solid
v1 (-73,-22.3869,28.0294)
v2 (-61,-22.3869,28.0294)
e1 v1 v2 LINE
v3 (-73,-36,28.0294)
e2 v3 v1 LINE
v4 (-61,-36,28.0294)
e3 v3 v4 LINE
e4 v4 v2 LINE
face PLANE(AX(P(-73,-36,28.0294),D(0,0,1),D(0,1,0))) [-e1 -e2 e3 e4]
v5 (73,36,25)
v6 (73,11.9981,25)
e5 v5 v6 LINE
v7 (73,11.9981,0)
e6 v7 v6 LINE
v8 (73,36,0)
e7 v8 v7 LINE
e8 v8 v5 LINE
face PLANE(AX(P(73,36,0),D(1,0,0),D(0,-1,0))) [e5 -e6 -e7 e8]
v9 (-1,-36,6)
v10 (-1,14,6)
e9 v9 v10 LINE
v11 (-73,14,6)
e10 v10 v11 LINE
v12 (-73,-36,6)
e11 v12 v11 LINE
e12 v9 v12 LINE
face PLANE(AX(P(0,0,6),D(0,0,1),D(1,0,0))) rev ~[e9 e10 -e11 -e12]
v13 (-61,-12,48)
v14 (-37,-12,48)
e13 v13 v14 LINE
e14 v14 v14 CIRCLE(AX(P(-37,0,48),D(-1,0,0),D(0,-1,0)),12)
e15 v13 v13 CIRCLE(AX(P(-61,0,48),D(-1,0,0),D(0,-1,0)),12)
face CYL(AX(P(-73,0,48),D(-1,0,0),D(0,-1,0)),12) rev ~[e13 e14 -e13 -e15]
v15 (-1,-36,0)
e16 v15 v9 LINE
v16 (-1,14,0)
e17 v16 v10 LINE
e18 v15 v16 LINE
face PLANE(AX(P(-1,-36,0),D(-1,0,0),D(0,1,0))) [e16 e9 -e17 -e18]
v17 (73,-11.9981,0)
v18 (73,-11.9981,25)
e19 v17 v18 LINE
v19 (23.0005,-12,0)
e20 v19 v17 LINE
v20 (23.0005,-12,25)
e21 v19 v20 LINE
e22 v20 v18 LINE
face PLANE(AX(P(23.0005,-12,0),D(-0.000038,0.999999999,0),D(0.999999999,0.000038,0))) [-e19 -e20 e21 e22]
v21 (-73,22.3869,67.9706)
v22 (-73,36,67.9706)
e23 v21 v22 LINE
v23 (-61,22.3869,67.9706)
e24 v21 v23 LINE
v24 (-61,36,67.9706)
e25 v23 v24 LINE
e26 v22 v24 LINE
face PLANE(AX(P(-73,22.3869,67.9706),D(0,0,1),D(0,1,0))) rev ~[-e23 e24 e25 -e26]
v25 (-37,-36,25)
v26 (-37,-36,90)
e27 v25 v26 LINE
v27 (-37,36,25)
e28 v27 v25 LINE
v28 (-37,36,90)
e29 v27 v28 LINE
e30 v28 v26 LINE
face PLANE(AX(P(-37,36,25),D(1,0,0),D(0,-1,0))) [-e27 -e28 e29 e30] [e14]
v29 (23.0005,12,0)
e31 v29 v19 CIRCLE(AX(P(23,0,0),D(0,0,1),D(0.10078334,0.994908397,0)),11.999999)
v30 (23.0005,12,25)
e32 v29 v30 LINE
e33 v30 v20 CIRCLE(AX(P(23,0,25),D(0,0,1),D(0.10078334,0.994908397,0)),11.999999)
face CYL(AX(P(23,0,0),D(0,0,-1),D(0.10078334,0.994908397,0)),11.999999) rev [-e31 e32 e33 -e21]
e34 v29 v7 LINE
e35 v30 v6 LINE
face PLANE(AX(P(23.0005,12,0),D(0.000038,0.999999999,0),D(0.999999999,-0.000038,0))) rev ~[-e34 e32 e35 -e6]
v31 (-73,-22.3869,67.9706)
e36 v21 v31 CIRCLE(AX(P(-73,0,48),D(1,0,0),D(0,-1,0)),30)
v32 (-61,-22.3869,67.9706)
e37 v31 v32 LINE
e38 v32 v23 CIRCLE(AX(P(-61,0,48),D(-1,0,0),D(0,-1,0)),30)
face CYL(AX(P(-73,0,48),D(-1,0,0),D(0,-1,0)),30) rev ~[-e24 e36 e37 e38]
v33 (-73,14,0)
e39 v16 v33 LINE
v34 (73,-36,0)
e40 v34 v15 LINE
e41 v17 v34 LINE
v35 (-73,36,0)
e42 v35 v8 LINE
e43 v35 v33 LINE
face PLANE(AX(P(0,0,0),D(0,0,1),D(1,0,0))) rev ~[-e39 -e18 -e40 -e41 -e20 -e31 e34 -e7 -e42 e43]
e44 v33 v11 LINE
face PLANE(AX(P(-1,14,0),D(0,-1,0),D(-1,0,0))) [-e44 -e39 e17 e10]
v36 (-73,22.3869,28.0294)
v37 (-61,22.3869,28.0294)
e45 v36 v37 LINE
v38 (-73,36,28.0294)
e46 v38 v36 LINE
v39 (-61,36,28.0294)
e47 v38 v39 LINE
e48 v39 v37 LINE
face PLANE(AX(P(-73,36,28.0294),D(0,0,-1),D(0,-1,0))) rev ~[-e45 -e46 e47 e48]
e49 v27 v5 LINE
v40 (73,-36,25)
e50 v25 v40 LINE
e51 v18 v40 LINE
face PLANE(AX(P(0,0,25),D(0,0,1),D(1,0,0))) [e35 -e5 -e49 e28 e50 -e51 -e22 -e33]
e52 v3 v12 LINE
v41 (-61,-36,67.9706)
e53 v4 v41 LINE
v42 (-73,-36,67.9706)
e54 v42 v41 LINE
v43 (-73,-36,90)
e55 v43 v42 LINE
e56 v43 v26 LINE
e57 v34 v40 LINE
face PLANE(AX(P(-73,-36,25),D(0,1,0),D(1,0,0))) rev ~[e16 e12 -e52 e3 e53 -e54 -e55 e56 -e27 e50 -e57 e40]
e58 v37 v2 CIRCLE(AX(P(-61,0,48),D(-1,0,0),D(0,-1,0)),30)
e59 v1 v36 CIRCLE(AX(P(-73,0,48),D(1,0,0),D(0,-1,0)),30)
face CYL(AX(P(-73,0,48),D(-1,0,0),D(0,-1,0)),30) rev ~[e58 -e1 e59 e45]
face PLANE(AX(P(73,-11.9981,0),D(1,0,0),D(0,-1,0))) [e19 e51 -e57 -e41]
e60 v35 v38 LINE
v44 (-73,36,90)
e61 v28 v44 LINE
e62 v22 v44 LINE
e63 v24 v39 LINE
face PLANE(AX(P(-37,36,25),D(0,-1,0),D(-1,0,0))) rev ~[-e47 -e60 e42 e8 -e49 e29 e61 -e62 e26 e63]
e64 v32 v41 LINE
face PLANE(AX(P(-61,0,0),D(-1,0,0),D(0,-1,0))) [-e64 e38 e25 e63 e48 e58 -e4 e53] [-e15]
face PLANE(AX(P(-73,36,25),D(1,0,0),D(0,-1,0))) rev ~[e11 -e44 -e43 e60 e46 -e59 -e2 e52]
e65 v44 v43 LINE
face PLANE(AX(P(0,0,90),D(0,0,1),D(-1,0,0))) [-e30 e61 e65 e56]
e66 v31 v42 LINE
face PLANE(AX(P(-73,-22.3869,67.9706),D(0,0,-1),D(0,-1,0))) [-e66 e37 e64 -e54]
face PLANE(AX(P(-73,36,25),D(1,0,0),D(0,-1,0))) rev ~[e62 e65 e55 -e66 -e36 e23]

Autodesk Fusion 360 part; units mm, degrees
sketch "Sketch1" plane through (0, 0, 0) normal (0, 0, 1) x (1, 0, 0) in component "New Design"
  line L0 (-73, 36) -> (73, 36)
  line L1 (73, 36) -> (73, -36)
  line L2 (73, -36) -> (-73, -36)
  line L3 (-73, -36) -> (-73, 36)
  line L4 (-73, 36) -> (73, -36) construction
  line L5 (73, 36) -> (-73, -36) construction
  line L6 (-73, -36) -> (-1, -36)
  line L7 (-1, -36) -> (-1, 14)
  line L8 (-1, 14) -> (-73, 14)
  line L9 (-73, 14) -> (-73, -36)
  line L10 (23.0005, 12) -> (73, 11.9981)
  line L11 (23.0005, -12) -> (73, -11.9981)
  arc A0 (24.2094, 11.9389) -> (24.2094, -11.9389) centre (23, 0) ccw
  dimension "d1" = 146
  dimension "d2" = 72
  dimension "d3" = 72
  dimension "d4" = 50
  dimension "d5" = 24
  dimension "d6" = 50
extrude "Extrude1" add sketch "Sketch1" along normal blind 25 contours L0 L1 L2 L3 L7 L8 L10 L11 A0 | L2 L3 L6 L7 L8 L9 in component "New Design"
extrude "Extrude2" cut sketch "Sketch1" along normal blind 6 contours L2 L3 L6 L7 L8 L9 in component "New Design"
sketch "Sketch2" plane through (0, 0, 25) normal (0, 0, 1) x (-1, 0, 0) in component "New Design"
  arc A0 (-23.0005, -12) -> (-23.0005, 12) centre (-23, 0) ccw
  line L0 (-23.0005, -12) -> (-73, -11.9981)
  line L1 (-73, -11.9981) -> (-73, -36)
  line L2 (-73, -36) -> (73, -36)
  line L3 (73, -36) -> (73, 36)
  line L4 (73, 36) -> (-73, 36)
  line L5 (-73, 36) -> (-73, 11.9981)
  line L6 (-73, 11.9981) -> (-23.0005, 12)
  line L7 (73, -36) -> (37, -36)
  line L8 (37, -36) -> (37, 36)
  line L9 (37, 36) -> (73, 36)
  line L10 (73, 36) -> (73, -36)
  dimension "d11" = 36
extrude "Extrude3" add sketch "Sketch2" along normal blind 65 contours L2 L3 L4 L7 L8 L9 L10 in component "New Design"
sketch "Sketch3" plane through (-73, 0, 0) normal (-1, 0, 0) x (0, -1, 0) in component "New Design"
  line L0 (-14, 0) -> (-14, 6)
  line L1 (-14, 6) -> (36, 6)
  line L2 (36, 6) -> (36, 90)
  line L3 (36, 90) -> (-36, 90)
  line L4 (-36, 90) -> (-36, 0)
  line L5 (-36, 0) -> (-14, 0)
sketch "Sketch4" plane through (-73, 0, 45) normal (-1, 0, 0) x (0, -1, 0) in component "New Design"
  circle A0 centre (0, 3) radius 12
  circle A1 centre (0, 3) radius 30
  line L0 (-36, 45) -> (36, 45)
  line L1 (36, 45) -> (36, 21)
  line L2 (36, 21) -> (-36, 21)
  line L3 (-36, 21) -> (-36, 45)
  line L4 (36, -39) -> (-36, -39)
  line L5 (-36, -39) -> (-36, -15)
  line L6 (-36, -15) -> (36, -15)
  line L7 (36, -15) -> (36, -39)
  point P0 (0, -45)
  dimension "d14" = 24
  dimension "d15" = 60
  dimension "d16" = 48
  dimension "d17" = 24
  dimension "d18" = 24
extrude "Extrude4" cut sketch "Sketch4" against normal blind 100 contours A0 in component "New Design"
sketch "Sketch5" plane through (-73, 0, 45) normal (-1, 0, 0) x (0, -1, 0) in component "New Design"
  line L0 (-24, 21) -> (-36, 21)
  line L1 (-36, 21) -> (-36, -15)
  line L2 (-36, -15) -> (-24, -15)
  line L3 (24, 21) -> (36, 21)
  line L4 (36, 21) -> (36, -15)
  line L5 (36, -15) -> (24, -15)
extrude "Extrude5" cut sketch "Sketch4" against normal blind 12 contours A1 L2 L6 | A1 L2 | A1 L6 in component "New Design"
sketch "Sketch6" plane through (-73, 0, 0) normal (-1, 0, 0) x (0, -1, 0) in component "New Design"
  circle A0 centre (0, 48) radius 30
  line L0 (-14, 0) -> (-14, 6)
  line L1 (-14, 6) -> (36, 6)
  line L2 (36, 6) -> (36, 90)
  line L3 (36, 90) -> (-36, 90)
  line L4 (-36, 90) -> (-36, 0)
  line L5 (-36, 0) -> (-14, 0)
  line L6 (-22.3869, 67.9706) -> (-41.8695, 67.9706)
  line L7 (-41.8695, 67.9706) -> (-41.8695, 28.0294)
  line L8 (-41.8695, 28.0294) -> (-22.3869, 28.0294)
  line L9 (-22.3869, 28.0294) -> (-22.3869, 67.9706)
  line L10 (0, 90) -> (0, 18)
  line L11 (41.8695, 28.0294) -> (22.3869, 28.0294)
  line L12 (22.3869, 28.0294) -> (22.3869, 67.9706)
  line L13 (41.8695, 67.9706) -> (41.8695, 28.0294)
  line L14 (22.3869, 67.9706) -> (41.8695, 67.9706)
  dimension "d23" = 19.4825
extrude "Extrude6" cut sketch "Sketch6" against normal blind 12 contours A0 L2 L11 L14 | A0 L4 L6 L8 in component "New Design"
component "New Design" placed x (1, 0, 0) y (0, 1, 0) z (0, 0, 1) at (0, 0, 0)
